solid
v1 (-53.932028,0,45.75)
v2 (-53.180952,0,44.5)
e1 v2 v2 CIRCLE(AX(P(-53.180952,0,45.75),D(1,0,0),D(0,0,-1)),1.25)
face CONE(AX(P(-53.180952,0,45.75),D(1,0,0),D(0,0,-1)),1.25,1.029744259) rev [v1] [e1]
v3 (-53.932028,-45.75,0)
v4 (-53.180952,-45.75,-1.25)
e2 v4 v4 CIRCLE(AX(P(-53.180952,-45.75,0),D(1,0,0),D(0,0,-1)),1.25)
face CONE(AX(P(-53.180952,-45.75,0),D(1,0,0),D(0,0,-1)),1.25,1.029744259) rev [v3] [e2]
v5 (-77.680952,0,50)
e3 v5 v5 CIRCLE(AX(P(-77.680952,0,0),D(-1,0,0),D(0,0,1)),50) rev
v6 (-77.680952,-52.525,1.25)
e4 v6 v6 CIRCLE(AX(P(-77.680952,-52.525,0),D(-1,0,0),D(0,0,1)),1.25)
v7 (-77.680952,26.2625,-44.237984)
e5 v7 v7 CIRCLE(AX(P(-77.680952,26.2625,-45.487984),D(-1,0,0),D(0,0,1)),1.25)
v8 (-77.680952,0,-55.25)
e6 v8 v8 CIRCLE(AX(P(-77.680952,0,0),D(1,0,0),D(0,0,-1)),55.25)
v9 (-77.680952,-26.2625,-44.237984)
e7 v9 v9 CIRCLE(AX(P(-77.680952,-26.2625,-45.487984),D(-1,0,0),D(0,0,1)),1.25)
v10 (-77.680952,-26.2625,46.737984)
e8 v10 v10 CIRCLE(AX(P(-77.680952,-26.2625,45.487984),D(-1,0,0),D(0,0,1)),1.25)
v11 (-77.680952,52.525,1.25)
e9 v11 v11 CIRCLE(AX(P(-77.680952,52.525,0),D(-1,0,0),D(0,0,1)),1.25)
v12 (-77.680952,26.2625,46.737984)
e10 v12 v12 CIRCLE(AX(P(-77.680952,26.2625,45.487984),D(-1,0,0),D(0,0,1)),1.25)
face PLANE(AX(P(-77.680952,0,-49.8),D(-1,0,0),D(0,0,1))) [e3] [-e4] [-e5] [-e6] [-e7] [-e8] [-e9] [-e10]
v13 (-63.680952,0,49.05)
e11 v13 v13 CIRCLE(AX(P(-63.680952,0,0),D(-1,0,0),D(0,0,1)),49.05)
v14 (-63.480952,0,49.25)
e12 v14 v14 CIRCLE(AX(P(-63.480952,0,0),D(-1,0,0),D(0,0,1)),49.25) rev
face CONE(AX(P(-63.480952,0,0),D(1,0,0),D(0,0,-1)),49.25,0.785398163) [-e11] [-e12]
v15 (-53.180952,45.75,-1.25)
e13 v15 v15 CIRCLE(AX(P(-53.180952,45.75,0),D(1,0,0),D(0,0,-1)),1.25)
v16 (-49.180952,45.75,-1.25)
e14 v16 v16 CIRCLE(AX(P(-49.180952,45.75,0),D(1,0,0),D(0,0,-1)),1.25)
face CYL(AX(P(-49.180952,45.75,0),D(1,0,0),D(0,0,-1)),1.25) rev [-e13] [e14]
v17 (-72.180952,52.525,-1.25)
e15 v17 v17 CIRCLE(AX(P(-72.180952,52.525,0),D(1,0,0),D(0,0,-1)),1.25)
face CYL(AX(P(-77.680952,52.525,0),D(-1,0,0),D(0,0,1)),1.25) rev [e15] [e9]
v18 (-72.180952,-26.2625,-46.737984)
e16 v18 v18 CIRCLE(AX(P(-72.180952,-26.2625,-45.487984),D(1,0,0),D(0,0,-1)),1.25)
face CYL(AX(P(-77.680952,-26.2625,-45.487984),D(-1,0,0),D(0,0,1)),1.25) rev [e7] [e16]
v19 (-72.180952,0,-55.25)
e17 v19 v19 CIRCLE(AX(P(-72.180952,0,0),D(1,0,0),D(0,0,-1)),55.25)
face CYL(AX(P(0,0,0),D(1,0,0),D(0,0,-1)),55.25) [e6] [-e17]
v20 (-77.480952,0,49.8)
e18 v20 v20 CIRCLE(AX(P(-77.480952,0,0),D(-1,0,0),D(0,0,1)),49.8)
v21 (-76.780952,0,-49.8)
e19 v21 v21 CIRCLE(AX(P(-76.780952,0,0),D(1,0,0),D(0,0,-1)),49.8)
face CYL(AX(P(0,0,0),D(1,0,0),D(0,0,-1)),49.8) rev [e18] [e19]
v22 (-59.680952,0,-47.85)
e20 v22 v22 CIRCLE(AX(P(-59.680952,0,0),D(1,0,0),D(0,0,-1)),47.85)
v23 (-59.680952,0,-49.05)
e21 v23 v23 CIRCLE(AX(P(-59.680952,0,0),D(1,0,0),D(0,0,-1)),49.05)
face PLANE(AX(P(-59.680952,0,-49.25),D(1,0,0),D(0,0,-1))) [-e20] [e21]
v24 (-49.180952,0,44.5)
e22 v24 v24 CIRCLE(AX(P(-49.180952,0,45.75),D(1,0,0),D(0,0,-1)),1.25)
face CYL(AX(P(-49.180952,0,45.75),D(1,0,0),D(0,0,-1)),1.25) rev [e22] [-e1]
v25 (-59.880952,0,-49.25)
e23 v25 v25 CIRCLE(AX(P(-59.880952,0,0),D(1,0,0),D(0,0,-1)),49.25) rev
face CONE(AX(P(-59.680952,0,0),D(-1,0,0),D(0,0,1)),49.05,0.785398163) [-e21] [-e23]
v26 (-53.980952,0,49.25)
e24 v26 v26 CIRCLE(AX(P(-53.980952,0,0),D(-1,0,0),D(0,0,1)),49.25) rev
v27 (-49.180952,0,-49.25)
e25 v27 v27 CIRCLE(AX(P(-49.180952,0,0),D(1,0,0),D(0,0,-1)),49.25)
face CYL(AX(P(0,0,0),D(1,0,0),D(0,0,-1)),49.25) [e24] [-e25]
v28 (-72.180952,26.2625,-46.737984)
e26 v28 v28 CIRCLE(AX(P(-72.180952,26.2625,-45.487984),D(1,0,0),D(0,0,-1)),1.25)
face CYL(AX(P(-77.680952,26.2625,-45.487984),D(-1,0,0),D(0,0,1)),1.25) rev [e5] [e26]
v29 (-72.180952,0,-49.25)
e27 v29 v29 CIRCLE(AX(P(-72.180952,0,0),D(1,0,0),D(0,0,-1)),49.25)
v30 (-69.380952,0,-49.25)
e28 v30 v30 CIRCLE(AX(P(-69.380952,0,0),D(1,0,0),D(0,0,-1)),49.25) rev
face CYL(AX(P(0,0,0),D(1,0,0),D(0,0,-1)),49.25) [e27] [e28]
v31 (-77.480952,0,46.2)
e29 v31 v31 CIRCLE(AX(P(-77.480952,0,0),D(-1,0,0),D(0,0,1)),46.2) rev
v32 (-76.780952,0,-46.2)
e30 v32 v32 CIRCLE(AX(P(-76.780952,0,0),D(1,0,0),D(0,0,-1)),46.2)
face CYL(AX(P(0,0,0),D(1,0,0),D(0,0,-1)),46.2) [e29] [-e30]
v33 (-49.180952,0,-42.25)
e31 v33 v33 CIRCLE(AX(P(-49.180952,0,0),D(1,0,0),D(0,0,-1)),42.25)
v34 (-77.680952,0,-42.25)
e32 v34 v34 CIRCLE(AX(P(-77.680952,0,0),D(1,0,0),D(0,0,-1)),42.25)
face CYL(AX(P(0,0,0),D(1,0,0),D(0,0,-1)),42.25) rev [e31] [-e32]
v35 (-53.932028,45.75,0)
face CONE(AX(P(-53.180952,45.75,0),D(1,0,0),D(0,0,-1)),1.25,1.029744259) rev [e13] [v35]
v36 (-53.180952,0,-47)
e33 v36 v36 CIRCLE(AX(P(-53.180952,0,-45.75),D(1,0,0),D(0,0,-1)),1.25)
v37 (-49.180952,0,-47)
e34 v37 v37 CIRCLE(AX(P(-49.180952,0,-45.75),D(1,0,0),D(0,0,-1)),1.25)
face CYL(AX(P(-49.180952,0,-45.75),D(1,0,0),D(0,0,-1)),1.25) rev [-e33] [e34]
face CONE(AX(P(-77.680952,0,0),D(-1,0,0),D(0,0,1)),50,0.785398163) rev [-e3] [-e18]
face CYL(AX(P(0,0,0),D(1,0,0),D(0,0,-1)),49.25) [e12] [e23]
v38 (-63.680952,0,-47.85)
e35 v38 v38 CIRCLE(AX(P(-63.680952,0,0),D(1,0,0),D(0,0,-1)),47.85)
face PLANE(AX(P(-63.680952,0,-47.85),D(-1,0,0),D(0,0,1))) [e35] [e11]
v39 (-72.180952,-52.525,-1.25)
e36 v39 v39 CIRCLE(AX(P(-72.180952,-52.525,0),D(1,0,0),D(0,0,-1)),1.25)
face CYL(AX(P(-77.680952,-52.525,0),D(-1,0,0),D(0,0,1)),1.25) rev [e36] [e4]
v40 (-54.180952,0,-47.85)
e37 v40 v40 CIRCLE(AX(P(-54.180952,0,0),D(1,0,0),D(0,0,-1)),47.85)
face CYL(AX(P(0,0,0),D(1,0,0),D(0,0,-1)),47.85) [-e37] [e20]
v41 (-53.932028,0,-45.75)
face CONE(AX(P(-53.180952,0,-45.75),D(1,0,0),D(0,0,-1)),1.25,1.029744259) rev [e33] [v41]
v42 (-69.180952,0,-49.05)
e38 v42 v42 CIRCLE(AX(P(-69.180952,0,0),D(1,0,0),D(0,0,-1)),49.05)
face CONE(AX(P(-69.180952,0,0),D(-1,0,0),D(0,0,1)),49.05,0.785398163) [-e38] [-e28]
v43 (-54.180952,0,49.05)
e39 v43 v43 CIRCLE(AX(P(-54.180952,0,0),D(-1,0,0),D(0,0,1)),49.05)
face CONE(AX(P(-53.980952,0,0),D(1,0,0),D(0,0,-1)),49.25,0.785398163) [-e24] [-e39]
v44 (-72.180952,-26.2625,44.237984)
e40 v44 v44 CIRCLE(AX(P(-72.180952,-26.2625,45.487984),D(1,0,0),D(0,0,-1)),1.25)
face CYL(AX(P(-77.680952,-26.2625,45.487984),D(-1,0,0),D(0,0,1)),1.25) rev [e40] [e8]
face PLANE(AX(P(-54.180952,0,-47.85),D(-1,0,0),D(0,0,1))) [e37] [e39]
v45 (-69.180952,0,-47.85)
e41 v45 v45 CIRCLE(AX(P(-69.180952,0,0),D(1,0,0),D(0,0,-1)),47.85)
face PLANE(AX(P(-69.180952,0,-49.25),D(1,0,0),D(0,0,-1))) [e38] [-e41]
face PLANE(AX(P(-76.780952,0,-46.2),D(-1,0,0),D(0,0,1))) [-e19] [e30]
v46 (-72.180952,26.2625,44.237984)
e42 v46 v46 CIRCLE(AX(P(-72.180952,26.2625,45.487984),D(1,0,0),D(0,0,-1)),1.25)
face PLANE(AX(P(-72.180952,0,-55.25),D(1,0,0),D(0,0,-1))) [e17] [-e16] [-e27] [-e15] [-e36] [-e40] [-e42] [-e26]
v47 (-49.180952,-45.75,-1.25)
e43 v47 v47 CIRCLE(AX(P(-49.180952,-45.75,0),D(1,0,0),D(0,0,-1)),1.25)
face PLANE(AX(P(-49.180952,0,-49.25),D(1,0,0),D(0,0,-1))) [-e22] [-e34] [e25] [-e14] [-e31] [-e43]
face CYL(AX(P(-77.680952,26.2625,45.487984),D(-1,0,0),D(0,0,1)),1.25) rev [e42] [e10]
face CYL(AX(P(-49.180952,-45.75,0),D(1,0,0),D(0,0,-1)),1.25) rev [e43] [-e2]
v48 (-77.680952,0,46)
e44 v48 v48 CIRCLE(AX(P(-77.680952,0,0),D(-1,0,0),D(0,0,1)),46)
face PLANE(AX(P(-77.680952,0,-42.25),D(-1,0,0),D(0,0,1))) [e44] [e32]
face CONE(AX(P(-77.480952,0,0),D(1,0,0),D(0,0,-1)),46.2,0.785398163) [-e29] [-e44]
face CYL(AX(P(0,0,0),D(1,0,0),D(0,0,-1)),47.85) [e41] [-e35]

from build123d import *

# Parameters (mm, degrees)
CHAMFER_1_SIZE = 0.2
M3X0_5_2_D     = 2.5
M3X0_5_2_DEPTH = 4
M3X0_5_2_TIP   = 0.751075774
M3X0_5_3_D     = 2.5
M3X0_5_3_DEPTH = 4
M3X0_5_3_TIP   = 0.751075774
M3X0_5_4_D     = 2.5


with BuildPart() as part:
    # 草图2 → 旋转1 (revolve)
    with BuildSketch(Plane(origin=(0, 0, 0), x_dir=(1, 0, 0), z_dir=(0, 1, 0))):
        Polygon((-77.680952315, 55.25), (-72.180952315, 55.25), (-72.180952315, 49.25), (-69.180952315, 49.25), (-69.180952315, 47.85), (-63.680952315, 47.85), (-63.680952315, 49.25), (-59.680952315, 49.25), (-59.680952315, 47.85), (-54.180952315, 47.85), (-54.180952315, 49.25), (-49.180952315, 49.25), (-49.180952315, 42.25), (-77.680952315, 42.25), (-77.680952315, 46.2), (-76.780952315, 46.2), (-76.780952315, 49.8), (-77.680952315, 49.8), align=None)
    revolve(axis=Axis((0, 0, 0), (-1, 0, 0)))

    # 倒角1
    chamfer_1_edges = [part.edges().sort_by_distance(p)[0] for p in [
        (-77.680952315, 0, 49.8),
        (-77.680952315, 0, 46.2),
        (-54.180952315, 0, 49.25),
        (-59.680952315, 0, 49.25),
        (-63.680952315, 0, 49.25),
        (-69.180952315, 0, 49.25),
    ]]
    chamfer(chamfer_1_edges, length=CHAMFER_1_SIZE)

    # M3x0.5 螺纹孔2
    with Locations(Plane(origin=(-49.180952315, 45.75, 0), x_dir=(0, 0, 1), z_dir=(1, 0, 0))):
        with Locations((0, 0)):
            Hole(M3X0_5_2_D / 2, depth=M3X0_5_2_DEPTH)
            with Locations((0, 0, -(M3X0_5_2_DEPTH + M3X0_5_2_TIP / 2))):  # 118° drill point
                Cone(0, M3X0_5_2_D / 2, M3X0_5_2_TIP, mode=Mode.SUBTRACT)

    # M3x0.5 螺纹孔3
    with Locations(Plane(origin=(-49.180952315, 0, -45.75), x_dir=(0, 0, 1), z_dir=(1, 0, 0))):
        with Locations((0, 0), (91.5, 0), (45.75, 45.75)):
            Hole(M3X0_5_3_D / 2, depth=M3X0_5_3_DEPTH)
            with Locations((0, 0, -(M3X0_5_3_DEPTH + M3X0_5_3_TIP / 2))):  # 118° drill point
                Cone(0, M3X0_5_3_D / 2, M3X0_5_3_TIP, mode=Mode.SUBTRACT)

    # M3x0.5 螺纹孔4 (through all)
    with Locations(Plane(origin=(-77.680952315, 52.525, 0), x_dir=(0, 0, -1), z_dir=(-1, 0, 0))):
        with Locations((0, 0), (-45.487984334, 26.2625), (-45.487984334, 78.7875), (0, 105.05), (45.487984334, 78.7875), (45.487984334, 26.2625)):
            Hole(M3X0_5_4_D / 2)


solid = part.part
